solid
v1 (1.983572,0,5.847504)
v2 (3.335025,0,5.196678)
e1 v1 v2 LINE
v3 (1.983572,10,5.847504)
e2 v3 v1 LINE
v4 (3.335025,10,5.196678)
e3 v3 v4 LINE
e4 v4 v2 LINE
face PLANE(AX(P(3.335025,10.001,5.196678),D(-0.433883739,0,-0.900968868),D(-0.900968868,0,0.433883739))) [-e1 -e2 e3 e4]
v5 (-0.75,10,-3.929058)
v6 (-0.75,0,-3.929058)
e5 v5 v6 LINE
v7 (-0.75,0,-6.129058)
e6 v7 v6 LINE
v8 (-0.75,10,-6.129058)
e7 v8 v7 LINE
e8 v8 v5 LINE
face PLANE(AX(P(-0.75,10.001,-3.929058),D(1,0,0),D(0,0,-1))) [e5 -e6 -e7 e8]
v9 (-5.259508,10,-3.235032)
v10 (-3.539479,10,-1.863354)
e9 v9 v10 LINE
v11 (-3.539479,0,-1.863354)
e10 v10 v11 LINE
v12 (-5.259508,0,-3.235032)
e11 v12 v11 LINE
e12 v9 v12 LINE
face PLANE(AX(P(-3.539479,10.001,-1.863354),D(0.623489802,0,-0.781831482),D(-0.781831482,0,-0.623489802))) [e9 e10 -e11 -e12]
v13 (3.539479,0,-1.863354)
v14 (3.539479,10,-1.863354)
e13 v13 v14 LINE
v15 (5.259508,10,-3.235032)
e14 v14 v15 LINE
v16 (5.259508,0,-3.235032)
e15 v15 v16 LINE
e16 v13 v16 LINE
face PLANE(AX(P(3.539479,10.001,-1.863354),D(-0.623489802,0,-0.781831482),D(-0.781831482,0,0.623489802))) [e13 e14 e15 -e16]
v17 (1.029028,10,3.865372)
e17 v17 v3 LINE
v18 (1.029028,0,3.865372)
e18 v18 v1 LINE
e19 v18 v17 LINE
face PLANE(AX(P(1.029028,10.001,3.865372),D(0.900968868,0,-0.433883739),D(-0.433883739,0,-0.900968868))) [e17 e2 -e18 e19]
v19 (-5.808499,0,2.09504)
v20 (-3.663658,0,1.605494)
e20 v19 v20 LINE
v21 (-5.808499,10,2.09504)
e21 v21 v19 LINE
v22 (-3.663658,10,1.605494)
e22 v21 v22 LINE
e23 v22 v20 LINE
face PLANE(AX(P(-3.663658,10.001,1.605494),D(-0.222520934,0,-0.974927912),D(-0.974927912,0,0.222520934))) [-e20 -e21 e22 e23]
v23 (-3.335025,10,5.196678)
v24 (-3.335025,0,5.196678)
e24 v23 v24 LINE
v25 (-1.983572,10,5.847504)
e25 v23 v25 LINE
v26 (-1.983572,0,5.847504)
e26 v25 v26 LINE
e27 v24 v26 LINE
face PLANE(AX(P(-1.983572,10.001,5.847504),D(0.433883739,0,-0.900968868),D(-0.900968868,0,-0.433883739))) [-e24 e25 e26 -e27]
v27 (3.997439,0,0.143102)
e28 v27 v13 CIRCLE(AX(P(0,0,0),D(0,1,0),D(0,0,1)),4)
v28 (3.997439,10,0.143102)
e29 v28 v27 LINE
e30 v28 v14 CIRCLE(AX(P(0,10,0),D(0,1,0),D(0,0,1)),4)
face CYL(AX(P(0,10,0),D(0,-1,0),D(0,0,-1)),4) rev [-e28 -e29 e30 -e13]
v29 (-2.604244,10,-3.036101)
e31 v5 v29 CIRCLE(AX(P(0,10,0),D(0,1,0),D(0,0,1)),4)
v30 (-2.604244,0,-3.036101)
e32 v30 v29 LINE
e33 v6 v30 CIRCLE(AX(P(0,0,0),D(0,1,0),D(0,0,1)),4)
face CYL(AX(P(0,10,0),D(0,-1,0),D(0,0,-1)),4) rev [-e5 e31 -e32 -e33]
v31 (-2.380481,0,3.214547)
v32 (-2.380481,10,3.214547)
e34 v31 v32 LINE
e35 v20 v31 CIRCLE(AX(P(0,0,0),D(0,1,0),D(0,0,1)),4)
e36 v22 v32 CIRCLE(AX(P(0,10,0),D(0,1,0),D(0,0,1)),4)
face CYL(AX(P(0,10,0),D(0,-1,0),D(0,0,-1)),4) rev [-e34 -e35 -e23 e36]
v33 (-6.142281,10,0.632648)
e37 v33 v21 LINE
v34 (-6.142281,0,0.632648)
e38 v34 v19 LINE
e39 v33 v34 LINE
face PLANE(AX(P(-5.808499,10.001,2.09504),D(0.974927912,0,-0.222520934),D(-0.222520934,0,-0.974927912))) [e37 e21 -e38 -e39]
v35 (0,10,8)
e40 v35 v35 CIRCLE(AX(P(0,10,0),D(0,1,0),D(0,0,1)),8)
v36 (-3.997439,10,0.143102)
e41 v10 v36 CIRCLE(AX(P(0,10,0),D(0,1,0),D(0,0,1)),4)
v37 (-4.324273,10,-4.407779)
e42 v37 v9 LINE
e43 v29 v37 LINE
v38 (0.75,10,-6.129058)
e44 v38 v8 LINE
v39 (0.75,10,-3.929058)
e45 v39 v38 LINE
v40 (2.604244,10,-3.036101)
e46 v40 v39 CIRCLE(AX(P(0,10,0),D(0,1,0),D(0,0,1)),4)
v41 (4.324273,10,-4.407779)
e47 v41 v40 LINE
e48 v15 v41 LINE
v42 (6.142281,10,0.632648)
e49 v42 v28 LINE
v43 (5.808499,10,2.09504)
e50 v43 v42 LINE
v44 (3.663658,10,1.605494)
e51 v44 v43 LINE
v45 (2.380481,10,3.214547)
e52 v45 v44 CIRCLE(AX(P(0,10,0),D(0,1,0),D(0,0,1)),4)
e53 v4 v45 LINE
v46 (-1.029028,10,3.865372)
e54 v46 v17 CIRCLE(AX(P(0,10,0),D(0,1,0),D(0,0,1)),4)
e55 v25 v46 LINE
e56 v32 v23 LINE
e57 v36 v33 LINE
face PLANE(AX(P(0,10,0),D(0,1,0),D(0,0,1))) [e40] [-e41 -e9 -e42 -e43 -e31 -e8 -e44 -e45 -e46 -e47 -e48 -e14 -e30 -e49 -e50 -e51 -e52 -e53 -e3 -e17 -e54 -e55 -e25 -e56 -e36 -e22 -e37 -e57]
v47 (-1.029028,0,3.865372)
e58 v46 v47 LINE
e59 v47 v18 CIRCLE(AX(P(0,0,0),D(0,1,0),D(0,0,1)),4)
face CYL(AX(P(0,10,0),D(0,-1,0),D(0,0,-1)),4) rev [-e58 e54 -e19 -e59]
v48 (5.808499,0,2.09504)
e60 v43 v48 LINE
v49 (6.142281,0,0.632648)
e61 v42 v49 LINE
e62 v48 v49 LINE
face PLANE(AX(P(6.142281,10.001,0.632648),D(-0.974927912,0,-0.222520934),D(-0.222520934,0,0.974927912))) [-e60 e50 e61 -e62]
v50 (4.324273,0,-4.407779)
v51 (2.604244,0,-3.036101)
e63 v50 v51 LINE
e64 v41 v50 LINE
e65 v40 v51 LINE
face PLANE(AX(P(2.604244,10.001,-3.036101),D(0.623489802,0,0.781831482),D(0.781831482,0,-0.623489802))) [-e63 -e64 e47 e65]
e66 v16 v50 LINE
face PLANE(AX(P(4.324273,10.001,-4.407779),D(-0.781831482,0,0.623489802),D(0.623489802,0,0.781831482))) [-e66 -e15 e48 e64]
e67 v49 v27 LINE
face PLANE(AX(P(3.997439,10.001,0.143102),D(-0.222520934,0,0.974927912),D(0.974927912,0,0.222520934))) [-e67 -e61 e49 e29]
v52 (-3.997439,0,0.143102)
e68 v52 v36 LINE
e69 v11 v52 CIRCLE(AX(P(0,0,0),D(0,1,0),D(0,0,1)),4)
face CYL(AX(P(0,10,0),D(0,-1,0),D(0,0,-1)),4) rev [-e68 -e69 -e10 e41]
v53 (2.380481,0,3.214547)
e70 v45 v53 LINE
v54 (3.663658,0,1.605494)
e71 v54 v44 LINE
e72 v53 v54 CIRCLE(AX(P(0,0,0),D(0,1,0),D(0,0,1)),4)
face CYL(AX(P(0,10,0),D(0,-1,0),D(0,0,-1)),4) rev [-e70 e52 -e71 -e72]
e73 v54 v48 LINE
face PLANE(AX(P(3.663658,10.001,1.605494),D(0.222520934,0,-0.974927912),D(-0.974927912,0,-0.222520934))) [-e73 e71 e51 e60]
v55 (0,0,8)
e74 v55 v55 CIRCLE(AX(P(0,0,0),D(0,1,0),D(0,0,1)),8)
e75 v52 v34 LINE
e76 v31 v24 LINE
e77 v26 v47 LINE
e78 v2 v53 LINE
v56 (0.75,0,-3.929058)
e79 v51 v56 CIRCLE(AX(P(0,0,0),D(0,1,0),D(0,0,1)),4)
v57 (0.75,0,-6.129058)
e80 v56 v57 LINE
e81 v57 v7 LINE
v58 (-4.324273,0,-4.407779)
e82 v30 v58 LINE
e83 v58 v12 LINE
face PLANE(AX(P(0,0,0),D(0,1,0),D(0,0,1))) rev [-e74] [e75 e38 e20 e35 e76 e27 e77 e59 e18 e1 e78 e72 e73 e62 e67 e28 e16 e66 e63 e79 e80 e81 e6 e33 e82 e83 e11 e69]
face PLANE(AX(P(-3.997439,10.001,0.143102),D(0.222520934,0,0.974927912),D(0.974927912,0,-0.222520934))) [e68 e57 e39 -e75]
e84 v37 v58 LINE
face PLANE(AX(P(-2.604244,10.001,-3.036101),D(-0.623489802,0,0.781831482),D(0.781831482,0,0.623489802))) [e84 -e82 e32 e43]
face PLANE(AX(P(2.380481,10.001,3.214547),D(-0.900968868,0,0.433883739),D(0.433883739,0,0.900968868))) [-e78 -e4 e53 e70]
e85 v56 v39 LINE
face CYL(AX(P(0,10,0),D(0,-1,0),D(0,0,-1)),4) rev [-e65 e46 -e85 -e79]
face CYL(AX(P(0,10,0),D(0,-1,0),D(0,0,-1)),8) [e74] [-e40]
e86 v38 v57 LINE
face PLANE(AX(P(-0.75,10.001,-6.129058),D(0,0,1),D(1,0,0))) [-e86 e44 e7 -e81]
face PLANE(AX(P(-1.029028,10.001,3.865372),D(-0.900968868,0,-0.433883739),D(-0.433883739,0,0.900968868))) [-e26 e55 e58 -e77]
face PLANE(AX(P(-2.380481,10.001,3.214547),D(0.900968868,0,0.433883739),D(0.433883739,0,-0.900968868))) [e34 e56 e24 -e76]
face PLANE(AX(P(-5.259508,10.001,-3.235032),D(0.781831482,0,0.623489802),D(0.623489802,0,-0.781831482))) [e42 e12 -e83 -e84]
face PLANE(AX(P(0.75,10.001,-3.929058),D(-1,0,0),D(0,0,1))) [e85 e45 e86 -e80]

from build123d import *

# Parameters (mm, degrees)
CASING_R            = 8
CASING_R_2          = 4
BOSS_EXTRUDE1_DEPTH = 10
CUT_EXTRUDE1_REACH  = 17.1
NOTCH_W             = 1.5
NOTCH_H             = 2.2


with BuildPart() as part:
    # Casing → Boss-Extrude1 (new body)
    with BuildSketch(Plane(origin=(0, 0, 0), x_dir=(1, 0, 0), z_dir=(0, 1, 0))):
        with Locations(Location((0, 0, 0), (0, 0, 270))):
            Circle(CASING_R)
        with Locations(Location((0, 0, 0), (0, 0, 270))):
            Circle(CASING_R_2, mode=Mode.SUBTRACT)
    extrude(amount=BOSS_EXTRUDE1_DEPTH)

    # Notch → Cut-Extrude1 (cut, up to next)
    with BuildSketch(Plane(origin=(0, 0, 0), x_dir=(1, 0, 0), z_dir=(0, 1, 0)), mode=Mode.PRIVATE) as cut_extrude1_sk1:
        with Locations((0, 5.029058411)):
            Rectangle(NOTCH_W, NOTCH_H)
    cut_extrude1_tool1 = extrude(cut_extrude1_sk1.sketch, amount=CUT_EXTRUDE1_REACH, mode=Mode.PRIVATE) & part.part
    # Notch → Cut-Extrude1 (cut, up to next)
    with BuildSketch(Plane(origin=(0, 0, 0), x_dir=(1, 0, 0), z_dir=(0, 1, 0)), mode=Mode.PRIVATE) as cut_extrude1_sk2:
        Polygon((-2.604244211, 3.036101462), (-4.324273473, 4.407779026), (-5.259508175, 3.235031803), (-3.539478914, 1.863354239), align=None)
    cut_extrude1_tool2 = extrude(cut_extrude1_sk2.sketch, amount=CUT_EXTRUDE1_REACH, mode=Mode.PRIVATE) & part.part
    # Notch → Cut-Extrude1 (cut, up to next)
    with BuildSketch(Plane(origin=(0, 0, 0), x_dir=(1, 0, 0), z_dir=(0, 1, 0)), mode=Mode.PRIVATE) as cut_extrude1_sk3:
        Polygon((-3.997439414, -0.143101813), (-6.142280821, -0.632647868), (-5.80849942, -2.095039736), (-3.663658013, -1.605493681), align=None)
    cut_extrude1_tool3 = extrude(cut_extrude1_sk3.sketch, amount=CUT_EXTRUDE1_REACH, mode=Mode.PRIVATE) & part.part
    # Notch → Cut-Extrude1 (cut, up to next)
    with BuildSketch(Plane(origin=(0, 0, 0), x_dir=(1, 0, 0), z_dir=(0, 1, 0)), mode=Mode.PRIVATE) as cut_extrude1_sk4:
        Polygon((-2.380481206, -3.214546504), (-3.335025432, -5.196678014), (-1.98357213, -5.847503623), (-1.029027904, -3.865372113), align=None)
    cut_extrude1_tool4 = extrude(cut_extrude1_sk4.sketch, amount=CUT_EXTRUDE1_REACH, mode=Mode.PRIVATE) & part.part
    # Notch → Cut-Extrude1 (cut, up to next)
    with BuildSketch(Plane(origin=(0, 0, 0), x_dir=(1, 0, 0), z_dir=(0, 1, 0)), mode=Mode.PRIVATE) as cut_extrude1_sk5:
        Polygon((1.029027904, -3.865372113), (1.98357213, -5.847503623), (3.335025432, -5.196678014), (2.380481206, -3.214546504), align=None)
    cut_extrude1_tool5 = extrude(cut_extrude1_sk5.sketch, amount=CUT_EXTRUDE1_REACH, mode=Mode.PRIVATE) & part.part
    # Notch → Cut-Extrude1 (cut, up to next)
    with BuildSketch(Plane(origin=(0, 0, 0), x_dir=(1, 0, 0), z_dir=(0, 1, 0)), mode=Mode.PRIVATE) as cut_extrude1_sk6:
        Polygon((3.663658013, -1.605493681), (5.80849942, -2.095039736), (6.142280821, -0.632647868), (3.997439414, -0.143101813), align=None)
    cut_extrude1_tool6 = extrude(cut_extrude1_sk6.sketch, amount=CUT_EXTRUDE1_REACH, mode=Mode.PRIVATE) & part.part
    # Notch → Cut-Extrude1 (cut, up to next)
    with BuildSketch(Plane(origin=(0, 0, 0), x_dir=(1, 0, 0), z_dir=(0, 1, 0)), mode=Mode.PRIVATE) as cut_extrude1_sk7:
        Polygon((3.539478914, 1.863354239), (5.259508175, 3.235031803), (4.324273473, 4.407779026), (2.604244211, 3.036101462), align=None)
    cut_extrude1_tool7 = extrude(cut_extrude1_sk7.sketch, amount=CUT_EXTRUDE1_REACH, mode=Mode.PRIVATE) & part.part
    add(cut_extrude1_tool1.solids().sort_by_distance((0, 0, -5.029058))[0], mode=Mode.SUBTRACT)
    add(cut_extrude1_tool2.solids().sort_by_distance((-3.931876, 0, -3.135567))[0], mode=Mode.SUBTRACT)
    add(cut_extrude1_tool3.solids().sort_by_distance((-4.902969, 0, 1.119071))[0], mode=Mode.SUBTRACT)
    add(cut_extrude1_tool4.solids().sort_by_distance((-2.182027, 0, 4.531025))[0], mode=Mode.SUBTRACT)
    add(cut_extrude1_tool5.solids().sort_by_distance((2.182027, 0, 4.531025))[0], mode=Mode.SUBTRACT)
    add(cut_extrude1_tool6.solids().sort_by_distance((4.902969, 0, 1.119071))[0], mode=Mode.SUBTRACT)
    add(cut_extrude1_tool7.solids().sort_by_distance((3.931876, 0, -3.135567))[0], mode=Mode.SUBTRACT)


solid = part.part
